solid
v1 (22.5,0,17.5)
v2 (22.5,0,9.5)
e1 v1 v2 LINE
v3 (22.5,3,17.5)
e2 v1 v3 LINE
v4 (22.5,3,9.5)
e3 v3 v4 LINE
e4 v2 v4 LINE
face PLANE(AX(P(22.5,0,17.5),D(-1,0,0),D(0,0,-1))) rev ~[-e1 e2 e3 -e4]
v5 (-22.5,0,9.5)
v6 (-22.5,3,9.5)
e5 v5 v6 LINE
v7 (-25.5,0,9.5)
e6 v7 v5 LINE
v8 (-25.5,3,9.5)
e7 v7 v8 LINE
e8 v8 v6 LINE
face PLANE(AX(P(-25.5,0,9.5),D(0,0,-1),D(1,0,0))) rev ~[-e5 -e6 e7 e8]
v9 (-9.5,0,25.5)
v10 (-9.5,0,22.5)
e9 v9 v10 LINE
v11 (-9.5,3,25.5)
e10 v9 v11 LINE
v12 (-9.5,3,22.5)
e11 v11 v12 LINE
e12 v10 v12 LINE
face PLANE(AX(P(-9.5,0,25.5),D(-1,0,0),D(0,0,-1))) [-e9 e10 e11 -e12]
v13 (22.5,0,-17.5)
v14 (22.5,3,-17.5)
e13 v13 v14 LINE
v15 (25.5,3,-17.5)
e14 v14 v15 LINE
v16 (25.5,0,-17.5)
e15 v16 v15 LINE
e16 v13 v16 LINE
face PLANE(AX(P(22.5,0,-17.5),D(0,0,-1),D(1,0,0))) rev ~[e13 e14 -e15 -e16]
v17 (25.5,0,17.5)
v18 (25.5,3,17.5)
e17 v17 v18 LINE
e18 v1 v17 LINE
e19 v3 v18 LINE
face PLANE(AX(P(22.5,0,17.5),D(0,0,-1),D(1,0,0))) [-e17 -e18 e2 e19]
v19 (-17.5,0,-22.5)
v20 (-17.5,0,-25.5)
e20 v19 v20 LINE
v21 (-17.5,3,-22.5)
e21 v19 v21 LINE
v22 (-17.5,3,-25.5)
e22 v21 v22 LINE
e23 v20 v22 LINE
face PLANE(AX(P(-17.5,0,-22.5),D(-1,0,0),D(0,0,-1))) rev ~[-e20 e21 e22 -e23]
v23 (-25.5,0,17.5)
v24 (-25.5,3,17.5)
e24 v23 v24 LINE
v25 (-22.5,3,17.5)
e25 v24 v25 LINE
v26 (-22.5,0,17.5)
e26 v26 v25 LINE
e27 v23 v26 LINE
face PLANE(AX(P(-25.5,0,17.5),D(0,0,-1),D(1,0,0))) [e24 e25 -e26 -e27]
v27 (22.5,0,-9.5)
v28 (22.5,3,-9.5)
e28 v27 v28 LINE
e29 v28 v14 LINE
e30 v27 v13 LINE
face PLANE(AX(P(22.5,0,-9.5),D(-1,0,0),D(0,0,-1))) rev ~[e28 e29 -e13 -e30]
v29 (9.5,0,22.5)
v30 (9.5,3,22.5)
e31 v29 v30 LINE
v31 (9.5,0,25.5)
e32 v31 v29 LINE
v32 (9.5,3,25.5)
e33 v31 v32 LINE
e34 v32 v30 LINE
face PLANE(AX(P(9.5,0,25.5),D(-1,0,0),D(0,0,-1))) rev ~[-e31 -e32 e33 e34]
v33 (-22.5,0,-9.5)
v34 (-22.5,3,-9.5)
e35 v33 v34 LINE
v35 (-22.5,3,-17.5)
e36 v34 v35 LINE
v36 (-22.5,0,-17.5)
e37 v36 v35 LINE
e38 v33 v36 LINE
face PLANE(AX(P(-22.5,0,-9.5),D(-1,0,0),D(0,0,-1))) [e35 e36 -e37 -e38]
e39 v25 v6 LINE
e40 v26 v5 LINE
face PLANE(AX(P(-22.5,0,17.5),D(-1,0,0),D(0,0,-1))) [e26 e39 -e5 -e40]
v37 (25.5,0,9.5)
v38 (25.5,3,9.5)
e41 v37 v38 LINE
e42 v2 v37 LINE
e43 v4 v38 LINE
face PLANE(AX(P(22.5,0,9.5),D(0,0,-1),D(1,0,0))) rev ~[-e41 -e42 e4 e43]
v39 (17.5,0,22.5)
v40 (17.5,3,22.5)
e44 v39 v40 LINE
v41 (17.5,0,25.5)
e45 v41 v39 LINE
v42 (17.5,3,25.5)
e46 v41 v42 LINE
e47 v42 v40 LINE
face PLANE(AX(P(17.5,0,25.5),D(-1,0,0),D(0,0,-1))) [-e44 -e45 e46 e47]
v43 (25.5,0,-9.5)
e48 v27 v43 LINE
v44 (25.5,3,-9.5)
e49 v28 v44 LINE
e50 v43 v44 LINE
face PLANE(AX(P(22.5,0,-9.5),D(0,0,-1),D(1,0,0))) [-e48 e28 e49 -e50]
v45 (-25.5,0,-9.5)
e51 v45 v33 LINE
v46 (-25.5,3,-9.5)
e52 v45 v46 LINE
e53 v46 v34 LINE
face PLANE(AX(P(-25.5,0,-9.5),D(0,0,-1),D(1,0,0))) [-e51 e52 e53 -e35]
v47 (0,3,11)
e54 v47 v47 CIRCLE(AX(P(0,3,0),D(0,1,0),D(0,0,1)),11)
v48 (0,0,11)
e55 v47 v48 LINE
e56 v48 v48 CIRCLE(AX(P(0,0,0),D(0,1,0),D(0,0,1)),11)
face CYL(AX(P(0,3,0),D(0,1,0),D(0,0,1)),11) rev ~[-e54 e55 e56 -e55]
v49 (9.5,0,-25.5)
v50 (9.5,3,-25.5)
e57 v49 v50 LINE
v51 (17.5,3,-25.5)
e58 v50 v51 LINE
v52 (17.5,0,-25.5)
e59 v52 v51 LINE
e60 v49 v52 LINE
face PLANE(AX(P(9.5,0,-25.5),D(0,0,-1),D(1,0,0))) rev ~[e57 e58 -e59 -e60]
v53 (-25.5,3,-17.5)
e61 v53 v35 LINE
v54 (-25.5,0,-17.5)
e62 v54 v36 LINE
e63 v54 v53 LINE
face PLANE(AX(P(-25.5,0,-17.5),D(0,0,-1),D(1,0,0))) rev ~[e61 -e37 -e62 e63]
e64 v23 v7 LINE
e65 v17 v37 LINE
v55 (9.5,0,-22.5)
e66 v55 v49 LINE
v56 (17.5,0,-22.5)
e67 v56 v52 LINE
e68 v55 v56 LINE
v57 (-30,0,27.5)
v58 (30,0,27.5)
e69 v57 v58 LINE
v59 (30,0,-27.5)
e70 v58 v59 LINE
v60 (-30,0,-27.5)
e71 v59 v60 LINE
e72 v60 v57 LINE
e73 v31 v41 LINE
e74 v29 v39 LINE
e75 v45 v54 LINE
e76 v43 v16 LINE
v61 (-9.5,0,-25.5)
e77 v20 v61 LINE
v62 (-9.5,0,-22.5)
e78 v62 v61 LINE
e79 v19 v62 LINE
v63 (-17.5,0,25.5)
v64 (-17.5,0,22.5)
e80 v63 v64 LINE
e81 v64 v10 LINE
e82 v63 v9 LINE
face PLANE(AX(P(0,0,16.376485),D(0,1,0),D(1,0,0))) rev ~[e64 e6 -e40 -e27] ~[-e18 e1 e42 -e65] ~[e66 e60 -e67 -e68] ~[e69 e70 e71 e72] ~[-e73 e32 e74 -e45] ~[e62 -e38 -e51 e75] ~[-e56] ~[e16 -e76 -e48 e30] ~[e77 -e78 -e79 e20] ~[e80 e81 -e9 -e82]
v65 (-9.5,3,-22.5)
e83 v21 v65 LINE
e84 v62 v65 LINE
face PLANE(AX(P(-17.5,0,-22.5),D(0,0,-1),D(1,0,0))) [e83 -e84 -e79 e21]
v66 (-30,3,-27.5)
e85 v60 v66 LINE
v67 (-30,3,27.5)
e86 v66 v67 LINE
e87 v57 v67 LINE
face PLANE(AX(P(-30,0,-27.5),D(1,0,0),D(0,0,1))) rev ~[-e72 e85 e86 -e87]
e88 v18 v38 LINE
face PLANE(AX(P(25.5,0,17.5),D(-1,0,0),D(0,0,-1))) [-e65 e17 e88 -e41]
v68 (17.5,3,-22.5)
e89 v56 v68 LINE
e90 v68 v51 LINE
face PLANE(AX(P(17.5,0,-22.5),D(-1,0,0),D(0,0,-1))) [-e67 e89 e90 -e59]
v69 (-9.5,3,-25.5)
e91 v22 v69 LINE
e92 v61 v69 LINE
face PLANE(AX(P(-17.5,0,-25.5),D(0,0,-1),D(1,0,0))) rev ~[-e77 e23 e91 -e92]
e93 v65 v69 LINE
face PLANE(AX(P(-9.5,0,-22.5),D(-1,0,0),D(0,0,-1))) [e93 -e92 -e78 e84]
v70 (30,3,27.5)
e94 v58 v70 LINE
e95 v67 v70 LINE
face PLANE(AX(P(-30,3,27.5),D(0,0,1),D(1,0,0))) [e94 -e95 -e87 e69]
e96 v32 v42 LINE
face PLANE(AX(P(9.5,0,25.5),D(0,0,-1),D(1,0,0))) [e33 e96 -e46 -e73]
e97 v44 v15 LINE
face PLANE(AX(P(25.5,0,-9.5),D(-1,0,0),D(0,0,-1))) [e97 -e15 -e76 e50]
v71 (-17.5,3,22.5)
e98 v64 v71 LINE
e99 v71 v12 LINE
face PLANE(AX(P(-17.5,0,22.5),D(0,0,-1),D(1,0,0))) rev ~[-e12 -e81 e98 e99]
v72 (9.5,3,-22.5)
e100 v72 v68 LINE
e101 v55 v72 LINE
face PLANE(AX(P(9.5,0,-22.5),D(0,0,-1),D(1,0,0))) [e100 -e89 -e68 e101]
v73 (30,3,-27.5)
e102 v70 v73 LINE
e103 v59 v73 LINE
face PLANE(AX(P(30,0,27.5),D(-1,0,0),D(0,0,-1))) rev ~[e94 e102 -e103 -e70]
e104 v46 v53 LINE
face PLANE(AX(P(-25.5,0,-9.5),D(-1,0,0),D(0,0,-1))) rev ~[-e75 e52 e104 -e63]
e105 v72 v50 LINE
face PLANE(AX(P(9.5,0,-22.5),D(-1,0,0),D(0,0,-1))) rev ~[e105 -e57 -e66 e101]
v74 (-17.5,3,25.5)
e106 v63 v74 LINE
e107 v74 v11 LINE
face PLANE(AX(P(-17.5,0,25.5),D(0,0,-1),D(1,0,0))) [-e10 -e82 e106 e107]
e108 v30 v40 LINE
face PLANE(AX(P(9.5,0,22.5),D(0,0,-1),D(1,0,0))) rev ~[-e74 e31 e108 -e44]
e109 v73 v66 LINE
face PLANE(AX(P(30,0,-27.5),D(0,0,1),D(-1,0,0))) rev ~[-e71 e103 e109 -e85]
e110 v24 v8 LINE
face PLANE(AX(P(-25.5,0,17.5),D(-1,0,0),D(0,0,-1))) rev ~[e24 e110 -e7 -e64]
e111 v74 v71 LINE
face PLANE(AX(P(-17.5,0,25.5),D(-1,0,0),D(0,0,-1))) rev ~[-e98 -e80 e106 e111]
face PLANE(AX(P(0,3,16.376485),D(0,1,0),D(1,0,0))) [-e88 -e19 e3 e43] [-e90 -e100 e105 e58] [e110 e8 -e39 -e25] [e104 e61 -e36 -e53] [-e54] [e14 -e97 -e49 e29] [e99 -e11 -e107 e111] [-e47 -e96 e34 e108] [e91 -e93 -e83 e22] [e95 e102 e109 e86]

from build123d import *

# Parameters (mm, degrees)
SKETCH_1_R          = 2
SKETCH_1_W          = 3
SKETCH_1_H          = 8
SKETCH_1_W_2        = 8
SKETCH_1_H_2        = 3
EXTRUDE_1_DEPTH     = 3
SKETCH_2_W          = 60
SKETCH_2_H          = 50
CUT_EXTRUDE_1_DEPTH = 10
SKETCH_3_R          = 11
CUT_EXTRUDE_2_DEPTH = 10


with BuildPart() as part:
    # 草图1 → 凸台-拉伸1 (new body)
    with BuildSketch(Plane(origin=(0, 0, 0), x_dir=(1, 0, 0), z_dir=(0, 1, 0))):
        Polygon((-30, -27.5), (-10, -72.5), (10, -72.5), (30, -27.5), (30, 27.5), (-30, 27.5), align=None)
        with Locations(Location((0, -37.5, 0), (0, 0, 270))):
            Circle(SKETCH_1_R, mode=Mode.SUBTRACT)
        with Locations(Location((0, -57.5, 0), (0, 0, 270))):
            Circle(SKETCH_1_R, mode=Mode.SUBTRACT)
        with Locations((-24, 13.5)):
            Rectangle(SKETCH_1_W, SKETCH_1_H, mode=Mode.SUBTRACT)
        with Locations((-24, -13.5)):
            Rectangle(SKETCH_1_W, SKETCH_1_H, mode=Mode.SUBTRACT)
        with Locations((13.5, 24)):
            Rectangle(SKETCH_1_W_2, SKETCH_1_H_2, mode=Mode.SUBTRACT)
        with Locations((-13.5, 24)):
            Rectangle(SKETCH_1_W_2, SKETCH_1_H_2, mode=Mode.SUBTRACT)
        with Locations((-13.5, -24)):
            Rectangle(SKETCH_1_W_2, SKETCH_1_H_2, mode=Mode.SUBTRACT)
        with Locations((13.5, -24)):
            Rectangle(SKETCH_1_W_2, SKETCH_1_H_2, mode=Mode.SUBTRACT)
        with Locations((24, 13.5)):
            Rectangle(SKETCH_1_W, SKETCH_1_H, mode=Mode.SUBTRACT)
        with Locations((24, -13.5)):
            Rectangle(SKETCH_1_W, SKETCH_1_H, mode=Mode.SUBTRACT)
    extrude(amount=EXTRUDE_1_DEPTH)

    # 草图2 → 切除-拉伸1 (cut)
    with BuildSketch(Plane(origin=(0, 3, 0), x_dir=(1, 0, 0), z_dir=(0, 1, 0))):
        with Locations((0, -52.5)):
            Rectangle(SKETCH_2_W, SKETCH_2_H)
    extrude(amount=-CUT_EXTRUDE_1_DEPTH, mode=Mode.SUBTRACT)

    # 草图3 → 切除-拉伸2 (cut)
    with BuildSketch(Plane(origin=(0, 3, 0), x_dir=(1, 0, 0), z_dir=(0, 1, 0))):
        with Locations(Location((0, 0, 0), (0, 0, 270))):
            Circle(SKETCH_3_R)
    extrude(amount=-CUT_EXTRUDE_2_DEPTH, mode=Mode.SUBTRACT)


solid = part.part
